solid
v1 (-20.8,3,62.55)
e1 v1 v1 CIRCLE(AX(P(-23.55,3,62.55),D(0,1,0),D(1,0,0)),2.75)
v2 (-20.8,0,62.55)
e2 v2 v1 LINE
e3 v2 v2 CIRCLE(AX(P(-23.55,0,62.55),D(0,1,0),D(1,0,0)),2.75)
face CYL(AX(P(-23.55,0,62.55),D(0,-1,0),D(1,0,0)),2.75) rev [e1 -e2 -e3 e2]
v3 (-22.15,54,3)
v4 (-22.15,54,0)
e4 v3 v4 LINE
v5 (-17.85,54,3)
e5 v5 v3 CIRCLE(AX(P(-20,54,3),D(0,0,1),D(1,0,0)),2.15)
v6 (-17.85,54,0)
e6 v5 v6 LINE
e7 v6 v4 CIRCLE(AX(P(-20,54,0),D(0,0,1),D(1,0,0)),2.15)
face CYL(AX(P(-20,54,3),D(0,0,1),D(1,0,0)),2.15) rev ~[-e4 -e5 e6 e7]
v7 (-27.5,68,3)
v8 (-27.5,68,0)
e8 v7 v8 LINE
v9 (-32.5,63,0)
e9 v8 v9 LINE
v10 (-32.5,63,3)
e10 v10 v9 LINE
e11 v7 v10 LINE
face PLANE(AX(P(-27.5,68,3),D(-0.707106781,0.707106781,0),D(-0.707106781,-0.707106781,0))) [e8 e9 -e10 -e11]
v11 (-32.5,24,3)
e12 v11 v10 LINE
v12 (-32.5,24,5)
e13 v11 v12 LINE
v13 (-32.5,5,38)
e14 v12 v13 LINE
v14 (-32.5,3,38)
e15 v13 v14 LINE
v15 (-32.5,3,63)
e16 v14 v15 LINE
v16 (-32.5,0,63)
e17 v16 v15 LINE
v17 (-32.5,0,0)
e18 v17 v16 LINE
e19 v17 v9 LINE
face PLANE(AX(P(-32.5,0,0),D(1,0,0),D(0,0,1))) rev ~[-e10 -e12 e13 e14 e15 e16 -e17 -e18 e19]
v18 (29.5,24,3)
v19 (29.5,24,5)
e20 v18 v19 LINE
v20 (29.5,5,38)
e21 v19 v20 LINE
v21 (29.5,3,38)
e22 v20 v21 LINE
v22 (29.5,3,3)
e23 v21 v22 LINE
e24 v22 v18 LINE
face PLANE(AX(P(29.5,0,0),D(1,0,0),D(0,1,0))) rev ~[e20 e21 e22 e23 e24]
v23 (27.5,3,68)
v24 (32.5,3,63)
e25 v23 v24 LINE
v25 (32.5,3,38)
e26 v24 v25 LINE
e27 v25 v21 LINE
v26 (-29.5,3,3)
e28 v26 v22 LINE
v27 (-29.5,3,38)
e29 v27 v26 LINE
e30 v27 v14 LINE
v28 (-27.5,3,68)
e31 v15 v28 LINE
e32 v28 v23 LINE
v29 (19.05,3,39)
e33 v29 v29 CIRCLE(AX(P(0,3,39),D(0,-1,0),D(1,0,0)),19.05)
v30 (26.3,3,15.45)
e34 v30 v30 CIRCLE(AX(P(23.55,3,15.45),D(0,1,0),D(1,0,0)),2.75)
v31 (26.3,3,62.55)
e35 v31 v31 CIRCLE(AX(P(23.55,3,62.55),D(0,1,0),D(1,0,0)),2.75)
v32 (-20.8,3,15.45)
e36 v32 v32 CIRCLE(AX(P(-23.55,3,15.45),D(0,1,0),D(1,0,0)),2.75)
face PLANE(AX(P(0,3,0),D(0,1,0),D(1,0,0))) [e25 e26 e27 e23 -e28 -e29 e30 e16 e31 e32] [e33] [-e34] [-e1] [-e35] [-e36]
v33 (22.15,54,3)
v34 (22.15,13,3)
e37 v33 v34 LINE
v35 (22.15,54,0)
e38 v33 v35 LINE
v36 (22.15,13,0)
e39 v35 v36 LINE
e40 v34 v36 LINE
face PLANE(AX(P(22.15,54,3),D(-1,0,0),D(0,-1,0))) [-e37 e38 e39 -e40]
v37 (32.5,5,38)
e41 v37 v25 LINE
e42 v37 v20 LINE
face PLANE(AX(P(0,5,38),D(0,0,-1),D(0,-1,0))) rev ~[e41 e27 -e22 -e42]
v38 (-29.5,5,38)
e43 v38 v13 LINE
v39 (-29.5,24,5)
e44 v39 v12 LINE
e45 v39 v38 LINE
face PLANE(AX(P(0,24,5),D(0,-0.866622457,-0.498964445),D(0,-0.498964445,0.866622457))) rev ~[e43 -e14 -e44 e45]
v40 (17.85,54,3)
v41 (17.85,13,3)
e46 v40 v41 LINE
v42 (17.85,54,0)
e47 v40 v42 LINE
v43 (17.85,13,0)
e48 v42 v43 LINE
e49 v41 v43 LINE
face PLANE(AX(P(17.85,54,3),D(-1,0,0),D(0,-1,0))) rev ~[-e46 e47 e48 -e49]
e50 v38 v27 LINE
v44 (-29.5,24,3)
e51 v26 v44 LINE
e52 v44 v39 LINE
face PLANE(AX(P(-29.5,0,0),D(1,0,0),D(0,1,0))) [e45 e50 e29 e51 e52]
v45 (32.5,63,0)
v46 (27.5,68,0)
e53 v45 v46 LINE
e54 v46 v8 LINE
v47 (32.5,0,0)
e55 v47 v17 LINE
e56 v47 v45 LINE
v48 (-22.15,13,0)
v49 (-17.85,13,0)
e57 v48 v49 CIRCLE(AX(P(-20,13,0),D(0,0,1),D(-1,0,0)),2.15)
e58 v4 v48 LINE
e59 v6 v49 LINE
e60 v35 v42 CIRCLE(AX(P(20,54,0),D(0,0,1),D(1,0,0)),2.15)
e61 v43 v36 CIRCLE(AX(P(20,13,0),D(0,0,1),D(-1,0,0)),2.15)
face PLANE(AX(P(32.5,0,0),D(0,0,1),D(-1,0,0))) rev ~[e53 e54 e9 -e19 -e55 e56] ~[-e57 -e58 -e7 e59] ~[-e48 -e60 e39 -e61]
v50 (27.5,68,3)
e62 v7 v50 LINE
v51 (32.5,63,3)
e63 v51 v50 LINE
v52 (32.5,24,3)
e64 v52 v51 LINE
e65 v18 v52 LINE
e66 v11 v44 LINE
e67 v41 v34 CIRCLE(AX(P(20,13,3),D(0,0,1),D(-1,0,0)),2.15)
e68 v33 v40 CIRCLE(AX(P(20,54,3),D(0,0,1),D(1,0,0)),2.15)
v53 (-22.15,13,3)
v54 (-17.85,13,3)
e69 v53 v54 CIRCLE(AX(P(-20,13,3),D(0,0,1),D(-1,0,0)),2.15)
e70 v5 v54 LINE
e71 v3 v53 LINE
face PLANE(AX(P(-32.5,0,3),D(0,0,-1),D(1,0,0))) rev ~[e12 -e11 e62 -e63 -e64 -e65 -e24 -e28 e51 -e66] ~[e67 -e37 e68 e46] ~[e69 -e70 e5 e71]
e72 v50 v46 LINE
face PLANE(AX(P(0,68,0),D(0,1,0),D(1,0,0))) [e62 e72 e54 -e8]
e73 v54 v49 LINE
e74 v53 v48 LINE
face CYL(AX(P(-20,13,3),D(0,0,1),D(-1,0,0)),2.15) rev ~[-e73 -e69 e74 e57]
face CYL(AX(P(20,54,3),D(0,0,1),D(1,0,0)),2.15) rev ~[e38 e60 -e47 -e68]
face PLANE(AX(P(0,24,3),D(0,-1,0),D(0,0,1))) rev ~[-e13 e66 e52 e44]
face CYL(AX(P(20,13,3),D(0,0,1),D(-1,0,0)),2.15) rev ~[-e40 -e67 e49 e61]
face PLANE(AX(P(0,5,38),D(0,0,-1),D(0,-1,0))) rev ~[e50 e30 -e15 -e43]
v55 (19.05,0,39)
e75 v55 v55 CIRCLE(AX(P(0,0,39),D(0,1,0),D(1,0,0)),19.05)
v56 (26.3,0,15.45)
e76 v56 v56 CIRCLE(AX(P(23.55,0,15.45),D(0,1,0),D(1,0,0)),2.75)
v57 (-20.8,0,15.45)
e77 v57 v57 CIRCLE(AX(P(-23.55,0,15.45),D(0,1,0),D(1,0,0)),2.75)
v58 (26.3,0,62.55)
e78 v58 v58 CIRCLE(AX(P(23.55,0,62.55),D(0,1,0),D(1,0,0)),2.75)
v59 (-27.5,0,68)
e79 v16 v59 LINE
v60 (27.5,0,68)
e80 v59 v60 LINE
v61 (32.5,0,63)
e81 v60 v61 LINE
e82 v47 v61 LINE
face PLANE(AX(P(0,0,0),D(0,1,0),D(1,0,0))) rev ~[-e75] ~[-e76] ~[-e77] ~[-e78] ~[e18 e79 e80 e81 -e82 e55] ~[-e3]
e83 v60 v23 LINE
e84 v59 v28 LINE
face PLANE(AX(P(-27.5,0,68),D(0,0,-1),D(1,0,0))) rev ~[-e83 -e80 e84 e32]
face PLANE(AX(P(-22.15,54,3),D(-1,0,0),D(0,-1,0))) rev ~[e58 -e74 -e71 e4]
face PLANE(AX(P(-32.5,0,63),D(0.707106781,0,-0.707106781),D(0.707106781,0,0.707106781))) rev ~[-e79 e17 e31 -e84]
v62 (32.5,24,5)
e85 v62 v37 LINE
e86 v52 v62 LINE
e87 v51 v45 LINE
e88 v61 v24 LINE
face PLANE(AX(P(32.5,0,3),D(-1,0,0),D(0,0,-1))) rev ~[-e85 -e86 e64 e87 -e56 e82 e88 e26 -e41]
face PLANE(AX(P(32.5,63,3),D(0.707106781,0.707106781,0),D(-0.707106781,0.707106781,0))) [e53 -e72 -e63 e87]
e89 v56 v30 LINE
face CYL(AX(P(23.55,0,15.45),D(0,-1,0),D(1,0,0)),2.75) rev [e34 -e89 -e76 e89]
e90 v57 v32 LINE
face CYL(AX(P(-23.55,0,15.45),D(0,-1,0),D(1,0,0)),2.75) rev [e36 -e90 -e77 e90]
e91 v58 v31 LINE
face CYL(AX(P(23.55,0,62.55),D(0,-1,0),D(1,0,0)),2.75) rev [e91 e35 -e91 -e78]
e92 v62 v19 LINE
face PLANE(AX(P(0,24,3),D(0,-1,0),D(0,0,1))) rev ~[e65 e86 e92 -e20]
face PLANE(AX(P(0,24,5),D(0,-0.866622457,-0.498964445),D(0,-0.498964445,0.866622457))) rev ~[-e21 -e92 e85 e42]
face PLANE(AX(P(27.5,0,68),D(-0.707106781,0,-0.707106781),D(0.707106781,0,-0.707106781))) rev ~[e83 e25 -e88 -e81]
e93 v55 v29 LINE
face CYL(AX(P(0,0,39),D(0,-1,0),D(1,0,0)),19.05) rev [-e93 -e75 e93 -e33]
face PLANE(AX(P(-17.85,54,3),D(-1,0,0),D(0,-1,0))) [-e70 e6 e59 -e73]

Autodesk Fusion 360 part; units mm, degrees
sketch "NEMA23 bracket front" plane through (0, 0, 0) normal (0, 1, 0) x (1, 0, 0)
  line L0 (-32.5, -3) -> (-32.5, -63)
  line L1 (-32.5, 0) -> (-32.5, -3)
  line L2 (32.5, 0) -> (-32.5, 0)
  line L3 (32.5, -63) -> (32.5, -3)
  line L4 (-32.5, -3) -> (32.5, -3)
  line L5 (-27.5, -68) -> (27.5, -68)
  line L6 (23.55, -15.45) -> (-23.55, -15.45) construction
  line L7 (32.5, -3) -> (32.5, 0)
  circle A0 centre (-23.55, -62.55) radius 2.75
  line L8 (32.5, 0) -> (32.5, -68) construction
  line L9 (23.55, -62.55) -> (-23.55, -62.55) construction
  circle A1 centre (23.55, -15.45) radius 2.75
  line L10 (32.5, -3) -> (-32.5, -3)
  circle A2 centre (0, -39) radius 19.05
  line L11 (-23.55, -62.55) -> (-23.55, -15.45) construction
  line L12 (23.55, -15.45) -> (23.55, -62.55) construction
  circle A3 centre (-23.55, -15.45) radius 2.75
  circle A4 centre (23.55, -62.55) radius 2.75
  line L13 (-32.5, -63) -> (-27.5, -68)
  line L14 (27.5, -68) -> (32.5, -63)
  dimension "d22" = 38.1
  dimension "d23" = 39
  dimension "d24" = 5.5
  dimension "d27" = 47.1
  dimension "d28" = 47.1
  dimension "d29" = 47.1
  dimension "d30" = 5.5
  dimension "d31" = 5.5
  dimension "d32" = 5.5
  dimension "d33" = 68
  dimension "d34" = 32.5
  dimension "d35" = 65
  dimension "d36" = 3
  dimension "d37" = 65
  dimension "d39" = 5.45
  dimension "d46" = 5
  dimension "d47" = 5
extrude "Extrude1" add sketch "NEMA23 bracket front" along normal blind 68 contours L1 L2 L4 L7 L10 makes body 1
extrude "Extrude2" add sketch "NEMA23 bracket front" along normal blind 3 contours L0 L3 L4 L5 L10 L13 L14 bodies 1
sketch "NEMA23 bracket side" plane through (0, 0, 0) normal (1, 0, 0) x (0, 1, 0)
  line L0 (3, 3) -> (24, 3)
  line L1 (24, 3) -> (24, 5)
  line L2 (24, 5) -> (5, 38)
  line L3 (5, 38) -> (3, 38)
  line L4 (3, 38) -> (3, 3)
  dimension "d52" = 21
  dimension "d53" = 35
  dimension "d54" = 2
  dimension "d55" = 2
  dimension "d56" = 3
  dimension "d57" = 3
extrude "Extrude3" add sketch "NEMA23 bracket side" along normal mid plane 65 bodies 1
extrude "Extrude4" cut sketch "NEMA23 bracket side" along normal mid plane 59 bodies 1
sketch "NEMA23 bracket top" plane through (0, 0, 3) normal (0, 0, 1) x (-1, 0, 0)
  line L0 (32.5, -24) -> (29.5, -24)
  line L1 (29.5, -24) -> (29.5, -3)
  line L2 (29.5, -3) -> (-29.5, -3)
  line L3 (-29.5, -3) -> (-29.5, -24)
  line L4 (-29.5, -24) -> (-32.5, -24)
  line L5 (-32.5, -24) -> (-32.5, -68)
  line L6 (-32.5, -68) -> (32.5, -68)
  line L7 (32.5, -68) -> (32.5, -24)
  line L8 (20, -54) -> (-20, -54) construction
  line L9 (-20, -54) -> (-20, -13) construction
  line L10 (-20, -13) -> (20, -13) construction
  line L11 (20, -13) -> (20, -54) construction
  line L12 (32.5, -68) -> (27.5, -68)
  line L13 (32.5, -68) -> (32.5, -63)
  line L14 (27.5, -68) -> (32.5, -63)
  line L15 (-32.5, -68) -> (-27.5, -68)
  line L16 (-32.5, -68) -> (-32.5, -63)
  line L17 (-32.5, -63) -> (-27.5, -68)
  line L18 (22.15, -54) -> (22.15, -13)
  line L19 (17.85, -54) -> (17.85, -13)
  line L20 (-17.85, -54) -> (-17.85, -13)
  line L21 (-22.15, -54) -> (-22.15, -13)
  arc A0 (17.85, -54) -> (22.15, -54) centre (20, -54) ccw
  arc A1 (22.15, -13) -> (17.85, -13) centre (20, -13) ccw
  arc A2 (-17.85, -13) -> (-22.15, -13) centre (-20, -13) ccw
  arc A3 (-22.15, -54) -> (-17.85, -54) centre (-20, -54) ccw
  dimension "d62" = 40
  dimension "d63" = 41
  dimension "d64" = 13
  dimension "d65" = 4.3
  dimension "d66" = 4.3
  dimension "d67" = 4.3
  dimension "d68" = 4.3
  dimension "d69" = 5
  dimension "d70" = 5
  dimension "d71" = 5
  dimension "d72" = 5
extrude "Extrude5" cut sketch "NEMA23 bracket top" against normal blind 5 contours L18 L19 A0 A1 | L20 L21 A2 A3 bodies 1
extrude "Extrude6" cut sketch "NEMA23 bracket top" against normal blind 5 contours L6 L7 L12 L13 L14 | L5 L6 L15 L16 L17 bodies 1
copy_body "Body->Comp1" bodies 1 removing the originals makes body 2 in component "NEMA23 bracket"
component "NEMA23 bracket" placed x (1, 0, 0) y (0, 1, 0) z (0, 0, 1) at (0, 0, 0)
